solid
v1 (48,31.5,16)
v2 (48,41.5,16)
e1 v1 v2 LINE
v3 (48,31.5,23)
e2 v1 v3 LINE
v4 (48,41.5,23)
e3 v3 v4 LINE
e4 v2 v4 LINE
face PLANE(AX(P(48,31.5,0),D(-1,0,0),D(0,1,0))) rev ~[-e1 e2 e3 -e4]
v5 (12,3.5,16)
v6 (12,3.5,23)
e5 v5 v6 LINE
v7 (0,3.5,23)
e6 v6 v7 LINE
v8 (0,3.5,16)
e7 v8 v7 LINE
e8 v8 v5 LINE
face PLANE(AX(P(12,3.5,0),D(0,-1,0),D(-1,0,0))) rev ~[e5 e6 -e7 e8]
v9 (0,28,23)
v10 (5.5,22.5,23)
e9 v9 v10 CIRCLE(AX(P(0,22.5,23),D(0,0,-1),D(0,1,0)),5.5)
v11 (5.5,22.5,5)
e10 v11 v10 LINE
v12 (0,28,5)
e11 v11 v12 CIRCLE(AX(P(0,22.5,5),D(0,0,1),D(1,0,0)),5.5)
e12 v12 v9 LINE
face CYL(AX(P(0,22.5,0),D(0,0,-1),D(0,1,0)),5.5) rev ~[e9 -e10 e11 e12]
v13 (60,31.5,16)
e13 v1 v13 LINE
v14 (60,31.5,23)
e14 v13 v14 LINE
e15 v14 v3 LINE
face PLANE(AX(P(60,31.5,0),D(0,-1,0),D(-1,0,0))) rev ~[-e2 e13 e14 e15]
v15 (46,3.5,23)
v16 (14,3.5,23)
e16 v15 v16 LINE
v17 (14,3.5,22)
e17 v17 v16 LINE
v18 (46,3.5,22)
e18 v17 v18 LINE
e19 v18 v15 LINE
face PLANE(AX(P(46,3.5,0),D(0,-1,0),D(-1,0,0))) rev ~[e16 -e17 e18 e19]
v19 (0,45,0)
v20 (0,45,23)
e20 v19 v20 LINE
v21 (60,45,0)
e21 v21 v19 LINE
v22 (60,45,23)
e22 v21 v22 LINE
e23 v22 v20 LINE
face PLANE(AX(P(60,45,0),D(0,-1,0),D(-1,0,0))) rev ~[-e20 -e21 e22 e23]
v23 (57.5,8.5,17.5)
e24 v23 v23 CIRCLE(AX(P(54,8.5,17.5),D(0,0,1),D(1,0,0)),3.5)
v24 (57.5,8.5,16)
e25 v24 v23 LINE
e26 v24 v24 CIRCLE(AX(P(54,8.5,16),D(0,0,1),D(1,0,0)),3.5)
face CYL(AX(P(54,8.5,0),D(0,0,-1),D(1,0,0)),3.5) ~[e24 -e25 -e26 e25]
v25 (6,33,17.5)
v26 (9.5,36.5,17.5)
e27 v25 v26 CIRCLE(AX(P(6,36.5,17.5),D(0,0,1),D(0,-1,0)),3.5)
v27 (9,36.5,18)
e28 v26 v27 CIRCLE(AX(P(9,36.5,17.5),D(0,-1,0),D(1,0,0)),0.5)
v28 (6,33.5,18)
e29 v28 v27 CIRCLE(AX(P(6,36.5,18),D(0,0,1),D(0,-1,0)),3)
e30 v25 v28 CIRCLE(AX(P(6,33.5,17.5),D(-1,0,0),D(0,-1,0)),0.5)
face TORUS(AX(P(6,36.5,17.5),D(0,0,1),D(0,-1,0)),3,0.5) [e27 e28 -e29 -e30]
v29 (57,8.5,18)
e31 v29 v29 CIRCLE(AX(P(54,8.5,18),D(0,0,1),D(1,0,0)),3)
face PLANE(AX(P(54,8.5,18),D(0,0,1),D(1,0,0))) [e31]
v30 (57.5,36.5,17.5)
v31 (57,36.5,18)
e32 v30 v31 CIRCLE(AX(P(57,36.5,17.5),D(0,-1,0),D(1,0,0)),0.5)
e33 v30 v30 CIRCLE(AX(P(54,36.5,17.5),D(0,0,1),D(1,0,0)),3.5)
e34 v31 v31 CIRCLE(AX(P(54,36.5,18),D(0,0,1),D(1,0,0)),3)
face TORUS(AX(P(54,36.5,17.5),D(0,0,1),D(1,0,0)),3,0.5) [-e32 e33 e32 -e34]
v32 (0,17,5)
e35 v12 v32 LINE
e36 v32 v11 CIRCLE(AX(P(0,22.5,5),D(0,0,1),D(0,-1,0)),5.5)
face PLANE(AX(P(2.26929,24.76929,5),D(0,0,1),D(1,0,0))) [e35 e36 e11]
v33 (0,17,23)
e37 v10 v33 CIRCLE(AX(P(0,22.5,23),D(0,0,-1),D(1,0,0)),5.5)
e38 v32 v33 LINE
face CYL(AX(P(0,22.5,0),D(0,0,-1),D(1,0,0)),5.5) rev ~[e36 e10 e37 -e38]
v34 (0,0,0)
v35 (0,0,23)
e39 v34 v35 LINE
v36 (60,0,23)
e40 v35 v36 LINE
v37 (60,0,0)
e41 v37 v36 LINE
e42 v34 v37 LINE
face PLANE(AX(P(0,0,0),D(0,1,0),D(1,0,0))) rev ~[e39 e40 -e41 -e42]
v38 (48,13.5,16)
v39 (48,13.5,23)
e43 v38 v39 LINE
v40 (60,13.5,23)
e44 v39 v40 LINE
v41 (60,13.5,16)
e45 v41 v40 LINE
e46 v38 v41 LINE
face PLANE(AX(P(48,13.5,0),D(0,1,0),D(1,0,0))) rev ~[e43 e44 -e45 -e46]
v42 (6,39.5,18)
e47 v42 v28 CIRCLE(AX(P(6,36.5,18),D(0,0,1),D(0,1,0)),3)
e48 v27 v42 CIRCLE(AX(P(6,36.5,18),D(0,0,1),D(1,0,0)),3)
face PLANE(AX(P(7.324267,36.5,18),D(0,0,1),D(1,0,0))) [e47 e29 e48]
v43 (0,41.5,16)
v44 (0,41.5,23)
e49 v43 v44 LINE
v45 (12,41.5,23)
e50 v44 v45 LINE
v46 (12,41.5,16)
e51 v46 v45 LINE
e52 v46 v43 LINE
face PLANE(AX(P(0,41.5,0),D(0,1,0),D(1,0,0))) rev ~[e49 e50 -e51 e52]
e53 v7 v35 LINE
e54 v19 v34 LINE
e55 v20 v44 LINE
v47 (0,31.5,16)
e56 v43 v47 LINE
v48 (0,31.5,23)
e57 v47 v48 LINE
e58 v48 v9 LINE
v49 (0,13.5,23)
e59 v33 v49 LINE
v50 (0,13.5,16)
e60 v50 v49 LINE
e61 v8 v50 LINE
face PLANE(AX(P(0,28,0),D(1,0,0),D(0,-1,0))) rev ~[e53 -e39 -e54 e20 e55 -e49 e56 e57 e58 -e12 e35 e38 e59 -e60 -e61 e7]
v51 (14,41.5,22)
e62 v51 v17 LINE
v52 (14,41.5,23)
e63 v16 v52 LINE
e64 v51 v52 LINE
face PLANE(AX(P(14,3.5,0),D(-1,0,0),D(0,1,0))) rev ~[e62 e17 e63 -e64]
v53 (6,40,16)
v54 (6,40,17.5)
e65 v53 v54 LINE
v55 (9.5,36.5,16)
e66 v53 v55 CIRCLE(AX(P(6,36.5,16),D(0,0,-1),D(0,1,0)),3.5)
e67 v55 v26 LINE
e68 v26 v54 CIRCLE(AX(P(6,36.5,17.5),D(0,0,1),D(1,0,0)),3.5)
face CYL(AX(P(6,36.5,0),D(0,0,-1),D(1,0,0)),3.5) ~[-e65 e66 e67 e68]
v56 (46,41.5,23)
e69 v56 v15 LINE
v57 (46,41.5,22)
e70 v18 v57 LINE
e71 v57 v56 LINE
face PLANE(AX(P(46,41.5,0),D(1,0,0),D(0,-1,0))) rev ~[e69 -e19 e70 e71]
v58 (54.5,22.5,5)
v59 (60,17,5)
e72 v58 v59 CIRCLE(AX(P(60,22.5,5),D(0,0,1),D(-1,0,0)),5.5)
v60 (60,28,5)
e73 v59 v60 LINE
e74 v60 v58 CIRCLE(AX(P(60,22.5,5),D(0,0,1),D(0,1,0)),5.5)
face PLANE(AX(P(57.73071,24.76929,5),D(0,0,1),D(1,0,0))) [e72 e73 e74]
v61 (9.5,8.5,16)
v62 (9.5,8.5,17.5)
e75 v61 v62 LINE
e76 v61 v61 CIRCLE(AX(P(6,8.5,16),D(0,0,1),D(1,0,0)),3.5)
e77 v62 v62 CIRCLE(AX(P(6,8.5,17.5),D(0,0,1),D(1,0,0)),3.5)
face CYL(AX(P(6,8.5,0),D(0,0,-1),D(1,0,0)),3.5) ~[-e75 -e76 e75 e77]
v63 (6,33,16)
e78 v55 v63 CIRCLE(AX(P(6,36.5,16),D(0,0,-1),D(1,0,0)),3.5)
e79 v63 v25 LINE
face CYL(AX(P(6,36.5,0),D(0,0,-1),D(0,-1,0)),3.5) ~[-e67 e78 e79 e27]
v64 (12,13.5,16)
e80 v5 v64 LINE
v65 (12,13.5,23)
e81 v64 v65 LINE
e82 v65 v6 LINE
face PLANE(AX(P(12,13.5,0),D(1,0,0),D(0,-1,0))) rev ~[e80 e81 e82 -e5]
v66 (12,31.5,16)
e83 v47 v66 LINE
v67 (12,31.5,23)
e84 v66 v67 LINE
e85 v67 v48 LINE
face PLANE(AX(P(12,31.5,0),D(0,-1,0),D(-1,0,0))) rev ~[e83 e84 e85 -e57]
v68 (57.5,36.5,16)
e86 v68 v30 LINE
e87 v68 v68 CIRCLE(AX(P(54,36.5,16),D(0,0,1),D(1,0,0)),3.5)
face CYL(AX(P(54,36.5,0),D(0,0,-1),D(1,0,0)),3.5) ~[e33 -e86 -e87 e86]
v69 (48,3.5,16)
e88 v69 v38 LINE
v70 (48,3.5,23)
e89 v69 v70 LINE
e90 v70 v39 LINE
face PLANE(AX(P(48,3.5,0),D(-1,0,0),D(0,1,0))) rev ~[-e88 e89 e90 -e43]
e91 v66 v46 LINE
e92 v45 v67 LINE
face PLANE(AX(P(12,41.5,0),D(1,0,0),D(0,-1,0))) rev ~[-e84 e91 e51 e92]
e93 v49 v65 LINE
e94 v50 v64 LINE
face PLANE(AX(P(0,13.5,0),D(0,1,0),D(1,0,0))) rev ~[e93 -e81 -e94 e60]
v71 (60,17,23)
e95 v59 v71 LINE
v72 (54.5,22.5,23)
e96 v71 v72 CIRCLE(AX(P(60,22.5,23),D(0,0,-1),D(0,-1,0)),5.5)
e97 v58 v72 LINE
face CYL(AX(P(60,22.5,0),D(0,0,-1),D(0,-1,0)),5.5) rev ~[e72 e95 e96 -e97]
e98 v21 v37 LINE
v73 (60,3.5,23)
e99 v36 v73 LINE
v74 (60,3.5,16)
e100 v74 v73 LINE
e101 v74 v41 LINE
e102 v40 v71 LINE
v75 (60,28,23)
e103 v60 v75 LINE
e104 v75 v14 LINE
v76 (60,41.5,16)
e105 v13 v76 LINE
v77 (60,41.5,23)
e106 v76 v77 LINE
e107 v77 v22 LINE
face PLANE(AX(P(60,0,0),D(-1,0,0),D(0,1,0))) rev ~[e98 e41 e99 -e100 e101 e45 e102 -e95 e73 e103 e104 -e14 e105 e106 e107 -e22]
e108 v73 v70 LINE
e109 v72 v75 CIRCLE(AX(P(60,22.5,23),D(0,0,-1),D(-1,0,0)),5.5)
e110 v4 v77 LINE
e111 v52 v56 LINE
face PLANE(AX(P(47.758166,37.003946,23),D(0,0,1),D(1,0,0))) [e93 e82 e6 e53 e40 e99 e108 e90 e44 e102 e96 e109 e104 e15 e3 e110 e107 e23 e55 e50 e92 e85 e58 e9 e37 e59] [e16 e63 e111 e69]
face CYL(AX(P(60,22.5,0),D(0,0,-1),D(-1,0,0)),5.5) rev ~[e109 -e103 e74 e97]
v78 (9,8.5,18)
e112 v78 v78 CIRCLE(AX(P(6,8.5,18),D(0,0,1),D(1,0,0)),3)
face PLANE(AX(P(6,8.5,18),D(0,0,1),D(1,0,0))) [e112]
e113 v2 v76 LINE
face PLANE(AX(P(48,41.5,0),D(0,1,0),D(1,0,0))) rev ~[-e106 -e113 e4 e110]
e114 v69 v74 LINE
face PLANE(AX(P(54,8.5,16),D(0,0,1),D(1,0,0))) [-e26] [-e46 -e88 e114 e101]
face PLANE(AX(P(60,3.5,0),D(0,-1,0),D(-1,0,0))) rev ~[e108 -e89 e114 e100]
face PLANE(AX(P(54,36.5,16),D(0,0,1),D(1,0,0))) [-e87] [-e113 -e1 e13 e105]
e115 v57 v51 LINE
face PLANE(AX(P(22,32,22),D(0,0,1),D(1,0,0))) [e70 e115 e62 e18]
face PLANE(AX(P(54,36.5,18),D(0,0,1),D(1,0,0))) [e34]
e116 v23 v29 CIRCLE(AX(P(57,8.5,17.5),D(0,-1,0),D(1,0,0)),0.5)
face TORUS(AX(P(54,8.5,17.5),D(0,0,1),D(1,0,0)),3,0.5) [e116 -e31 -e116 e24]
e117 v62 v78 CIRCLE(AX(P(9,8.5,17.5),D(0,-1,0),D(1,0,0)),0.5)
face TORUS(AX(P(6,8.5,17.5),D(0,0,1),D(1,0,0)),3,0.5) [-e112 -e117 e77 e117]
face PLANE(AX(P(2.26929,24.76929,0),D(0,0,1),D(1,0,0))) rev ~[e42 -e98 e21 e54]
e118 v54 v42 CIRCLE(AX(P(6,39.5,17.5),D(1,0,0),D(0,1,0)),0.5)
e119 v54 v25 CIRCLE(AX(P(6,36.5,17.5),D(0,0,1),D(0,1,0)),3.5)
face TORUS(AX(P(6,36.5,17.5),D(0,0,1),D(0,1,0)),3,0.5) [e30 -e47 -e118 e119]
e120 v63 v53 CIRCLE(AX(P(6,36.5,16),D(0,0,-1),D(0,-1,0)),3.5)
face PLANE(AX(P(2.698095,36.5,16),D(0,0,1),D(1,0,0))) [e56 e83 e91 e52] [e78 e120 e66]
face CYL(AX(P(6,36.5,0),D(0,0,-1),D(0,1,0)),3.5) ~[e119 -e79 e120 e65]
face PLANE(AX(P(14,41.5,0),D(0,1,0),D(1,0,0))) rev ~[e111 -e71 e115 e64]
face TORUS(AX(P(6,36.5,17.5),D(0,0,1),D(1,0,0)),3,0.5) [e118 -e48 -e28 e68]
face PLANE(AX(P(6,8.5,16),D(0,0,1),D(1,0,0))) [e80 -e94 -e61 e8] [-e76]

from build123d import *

# Parameters (mm, degrees)
F1_DEPTH = 23
F2_DEPTH = 22
F0_W     = 12
F0_H     = 10
F0_R     = 3.5
F3_DEPTH = 16
F4_DEPTH = 18
F5_R     = 0.5
F6_DEPTH = 5


with BuildPart() as f1:
    # F0 (on Top) → F1 (new body)
    with BuildSketch(Plane.XY):
        with BuildLine():
            Line((60, 45), (30, 45))
            Line((30, 45), (30, 41.5))
            Line((30, 41.5), (46, 41.5))
            Line((46, 41.5), (46, 31.5))
            Line((46, 31.5), (46, 22.5))
            Line((46, 22.5), (54.5, 22.5))
            ThreePointArc((54.5, 22.5), (56.1109127035, 26.3890872965), (60, 28))
            Line((60, 28), (60, 31.5))
            Line((60, 31.5), (48, 31.5))
            Line((48, 31.5), (48, 41.5))
            Line((48, 41.5), (60, 41.5))
            Line((60, 41.5), (60, 45))
        make_face()
        with BuildLine():
            Line((54.5, 22.5), (46, 22.5))
            Line((46, 22.5), (46, 13.5))
            Line((46, 13.5), (46, 3.5))
            Line((46, 3.5), (30, 3.5))
            Line((30, 3.5), (30, 0))
            Line((30, 0), (60, 0))
            Line((60, 0), (60, 3.5))
            Line((60, 3.5), (48, 3.5))
            Line((48, 3.5), (48, 13.5))
            Line((48, 13.5), (60, 13.5))
            Line((60, 13.5), (60, 17))
            ThreePointArc((60, 17), (56.1109127035, 18.6109127035), (54.5, 22.5))
        make_face()
        with BuildLine():
            Line((14, 13.5), (14, 22.5))
            Line((14, 22.5), (5.5, 22.5))
            ThreePointArc((5.5, 22.5), (3.8890872965, 18.6109127035), (0, 17))
            Line((0, 17), (0, 13.5))
            Line((0, 13.5), (12, 13.5))
            Line((12, 13.5), (12, 3.5))
            Line((12, 3.5), (0, 3.5))
            Line((0, 3.5), (0, 0))
            Line((0, 0), (30, 0))
            Line((30, 0), (30, 3.5))
            Line((30, 3.5), (14, 3.5))
            Line((14, 3.5), (14, 13.5))
        make_face()
        with BuildLine():
            Line((30, 45), (0, 45))
            Line((0, 45), (0, 41.5))
            Line((0, 41.5), (6, 41.5))
            Line((6, 41.5), (12, 41.5))
            Line((12, 41.5), (12, 31.5))
            Line((12, 31.5), (6, 31.5))
            Line((6, 31.5), (0, 31.5))
            Line((0, 31.5), (0, 28))
            ThreePointArc((0, 28), (3.8890872965, 26.3890872965), (5.5, 22.5))
            Line((5.5, 22.5), (14, 22.5))
            Line((14, 22.5), (14, 31.5))
            Line((14, 31.5), (14, 41.5))
            Line((14, 41.5), (30, 41.5))
            Line((30, 41.5), (30, 45))
        make_face()
    extrude(amount=F1_DEPTH)

    # F0 (on Top) → F2 (join)
    with BuildSketch(Plane.XY):
        Polygon((30, 22.5), (30, 41.5), (14, 41.5), (14, 31.5), (14, 22.5), align=None)
        Polygon((46, 41.5), (30, 41.5), (30, 22.5), (46, 22.5), (46, 31.5), align=None)
        Polygon((46, 22.5), (30, 22.5), (30, 3.5), (46, 3.5), (46, 13.5), align=None)
        Polygon((30, 3.5), (30, 22.5), (14, 22.5), (14, 13.5), (14, 3.5), align=None)
    extrude(amount=F2_DEPTH)

    # F0 (on Top) → F3 (join)
    with BuildSketch(Plane.XY):
        with BuildLine():
            Line((6, 41.5), (0, 41.5))
            Line((0, 41.5), (0, 31.5))
            Line((0, 31.5), (6, 31.5))
            Line((6, 31.5), (6, 33))
            ThreePointArc((6, 33), (2.5, 36.5), (6, 40))
            Line((6, 40), (6, 41.5))
        make_face()
        with BuildLine():
            Line((12, 41.5), (6, 41.5))
            Line((6, 41.5), (6, 40))
            ThreePointArc((6, 40), (8.4748737342, 38.9748737342), (9.5, 36.5))
            ThreePointArc((9.5, 36.5), (8.4748737342, 34.0251262658), (6, 33))
            Line((6, 33), (6, 31.5))
            Line((6, 31.5), (12, 31.5))
            Line((12, 31.5), (12, 41.5))
        make_face()
        with Locations((6, 8.5)):
            Rectangle(F0_W, F0_H)
        with Locations((6, 8.5)):
            Circle(F0_R, mode=Mode.SUBTRACT)
        with Locations((54, 36.5)):
            Rectangle(F0_W, F0_H)
        with Locations((54, 36.5)):
            Circle(F0_R, mode=Mode.SUBTRACT)
        with Locations((54, 8.5)):
            Rectangle(F0_W, F0_H)
        with Locations((54, 8.5)):
            Circle(F0_R, mode=Mode.SUBTRACT)
    extrude(amount=F3_DEPTH)

    # F0 (on Top) → F4 (join)
    with BuildSketch(Plane.XY):
        with BuildLine():
            ThreePointArc((9.5, 36.5), (8.4748737342, 38.9748737342), (6, 40))
            Line((6, 40), (6, 33))
            ThreePointArc((6, 33), (8.4748737342, 34.0251262658), (9.5, 36.5))
        make_face()
        with BuildLine():
            Line((6, 33), (6, 40))
            ThreePointArc((6, 40), (2.5, 36.5), (6, 33))
        make_face()
        with Locations((6, 8.5)):
            Circle(F0_R)
        with Locations((54, 36.5)):
            Circle(F0_R)
        with Locations((54, 8.5)):
            Circle(F0_R)
    extrude(amount=F4_DEPTH)

    # F5
    f5_edges = [f1.edges().sort_by_distance(p)[0] for p in [
        (2.5, 36.5, 18),
        (2.5, 8.5, 18),
        (50.5, 36.5, 18),
        (50.5, 8.5, 18),
    ]]
    fillet(f5_edges, radius=F5_R)

    # F0 (on Top) → F6 (join)
    with BuildSketch(Plane.XY):
        with BuildLine():
            ThreePointArc((5.5, 22.5), (3.8890872965, 26.3890872965), (0, 28))
            Line((0, 28), (0, 22.5))
            Line((0, 22.5), (5.5, 22.5))
        make_face()
        with BuildLine():
            Line((5.5, 22.5), (0, 22.5))
            Line((0, 22.5), (0, 17))
            ThreePointArc((0, 17), (3.8890872965, 18.6109127035), (5.5, 22.5))
        make_face()
        with BuildLine():
            Line((60, 22.5), (60, 28))
            ThreePointArc((60, 28), (56.1109127035, 26.3890872965), (54.5, 22.5))
            Line((54.5, 22.5), (60, 22.5))
        make_face()
        with BuildLine():
            Line((60, 22.5), (54.5, 22.5))
            ThreePointArc((54.5, 22.5), (56.1109127035, 18.6109127035), (60, 17))
            Line((60, 17), (60, 22.5))
        make_face()
    extrude(amount=F6_DEPTH)


solid = f1.part
